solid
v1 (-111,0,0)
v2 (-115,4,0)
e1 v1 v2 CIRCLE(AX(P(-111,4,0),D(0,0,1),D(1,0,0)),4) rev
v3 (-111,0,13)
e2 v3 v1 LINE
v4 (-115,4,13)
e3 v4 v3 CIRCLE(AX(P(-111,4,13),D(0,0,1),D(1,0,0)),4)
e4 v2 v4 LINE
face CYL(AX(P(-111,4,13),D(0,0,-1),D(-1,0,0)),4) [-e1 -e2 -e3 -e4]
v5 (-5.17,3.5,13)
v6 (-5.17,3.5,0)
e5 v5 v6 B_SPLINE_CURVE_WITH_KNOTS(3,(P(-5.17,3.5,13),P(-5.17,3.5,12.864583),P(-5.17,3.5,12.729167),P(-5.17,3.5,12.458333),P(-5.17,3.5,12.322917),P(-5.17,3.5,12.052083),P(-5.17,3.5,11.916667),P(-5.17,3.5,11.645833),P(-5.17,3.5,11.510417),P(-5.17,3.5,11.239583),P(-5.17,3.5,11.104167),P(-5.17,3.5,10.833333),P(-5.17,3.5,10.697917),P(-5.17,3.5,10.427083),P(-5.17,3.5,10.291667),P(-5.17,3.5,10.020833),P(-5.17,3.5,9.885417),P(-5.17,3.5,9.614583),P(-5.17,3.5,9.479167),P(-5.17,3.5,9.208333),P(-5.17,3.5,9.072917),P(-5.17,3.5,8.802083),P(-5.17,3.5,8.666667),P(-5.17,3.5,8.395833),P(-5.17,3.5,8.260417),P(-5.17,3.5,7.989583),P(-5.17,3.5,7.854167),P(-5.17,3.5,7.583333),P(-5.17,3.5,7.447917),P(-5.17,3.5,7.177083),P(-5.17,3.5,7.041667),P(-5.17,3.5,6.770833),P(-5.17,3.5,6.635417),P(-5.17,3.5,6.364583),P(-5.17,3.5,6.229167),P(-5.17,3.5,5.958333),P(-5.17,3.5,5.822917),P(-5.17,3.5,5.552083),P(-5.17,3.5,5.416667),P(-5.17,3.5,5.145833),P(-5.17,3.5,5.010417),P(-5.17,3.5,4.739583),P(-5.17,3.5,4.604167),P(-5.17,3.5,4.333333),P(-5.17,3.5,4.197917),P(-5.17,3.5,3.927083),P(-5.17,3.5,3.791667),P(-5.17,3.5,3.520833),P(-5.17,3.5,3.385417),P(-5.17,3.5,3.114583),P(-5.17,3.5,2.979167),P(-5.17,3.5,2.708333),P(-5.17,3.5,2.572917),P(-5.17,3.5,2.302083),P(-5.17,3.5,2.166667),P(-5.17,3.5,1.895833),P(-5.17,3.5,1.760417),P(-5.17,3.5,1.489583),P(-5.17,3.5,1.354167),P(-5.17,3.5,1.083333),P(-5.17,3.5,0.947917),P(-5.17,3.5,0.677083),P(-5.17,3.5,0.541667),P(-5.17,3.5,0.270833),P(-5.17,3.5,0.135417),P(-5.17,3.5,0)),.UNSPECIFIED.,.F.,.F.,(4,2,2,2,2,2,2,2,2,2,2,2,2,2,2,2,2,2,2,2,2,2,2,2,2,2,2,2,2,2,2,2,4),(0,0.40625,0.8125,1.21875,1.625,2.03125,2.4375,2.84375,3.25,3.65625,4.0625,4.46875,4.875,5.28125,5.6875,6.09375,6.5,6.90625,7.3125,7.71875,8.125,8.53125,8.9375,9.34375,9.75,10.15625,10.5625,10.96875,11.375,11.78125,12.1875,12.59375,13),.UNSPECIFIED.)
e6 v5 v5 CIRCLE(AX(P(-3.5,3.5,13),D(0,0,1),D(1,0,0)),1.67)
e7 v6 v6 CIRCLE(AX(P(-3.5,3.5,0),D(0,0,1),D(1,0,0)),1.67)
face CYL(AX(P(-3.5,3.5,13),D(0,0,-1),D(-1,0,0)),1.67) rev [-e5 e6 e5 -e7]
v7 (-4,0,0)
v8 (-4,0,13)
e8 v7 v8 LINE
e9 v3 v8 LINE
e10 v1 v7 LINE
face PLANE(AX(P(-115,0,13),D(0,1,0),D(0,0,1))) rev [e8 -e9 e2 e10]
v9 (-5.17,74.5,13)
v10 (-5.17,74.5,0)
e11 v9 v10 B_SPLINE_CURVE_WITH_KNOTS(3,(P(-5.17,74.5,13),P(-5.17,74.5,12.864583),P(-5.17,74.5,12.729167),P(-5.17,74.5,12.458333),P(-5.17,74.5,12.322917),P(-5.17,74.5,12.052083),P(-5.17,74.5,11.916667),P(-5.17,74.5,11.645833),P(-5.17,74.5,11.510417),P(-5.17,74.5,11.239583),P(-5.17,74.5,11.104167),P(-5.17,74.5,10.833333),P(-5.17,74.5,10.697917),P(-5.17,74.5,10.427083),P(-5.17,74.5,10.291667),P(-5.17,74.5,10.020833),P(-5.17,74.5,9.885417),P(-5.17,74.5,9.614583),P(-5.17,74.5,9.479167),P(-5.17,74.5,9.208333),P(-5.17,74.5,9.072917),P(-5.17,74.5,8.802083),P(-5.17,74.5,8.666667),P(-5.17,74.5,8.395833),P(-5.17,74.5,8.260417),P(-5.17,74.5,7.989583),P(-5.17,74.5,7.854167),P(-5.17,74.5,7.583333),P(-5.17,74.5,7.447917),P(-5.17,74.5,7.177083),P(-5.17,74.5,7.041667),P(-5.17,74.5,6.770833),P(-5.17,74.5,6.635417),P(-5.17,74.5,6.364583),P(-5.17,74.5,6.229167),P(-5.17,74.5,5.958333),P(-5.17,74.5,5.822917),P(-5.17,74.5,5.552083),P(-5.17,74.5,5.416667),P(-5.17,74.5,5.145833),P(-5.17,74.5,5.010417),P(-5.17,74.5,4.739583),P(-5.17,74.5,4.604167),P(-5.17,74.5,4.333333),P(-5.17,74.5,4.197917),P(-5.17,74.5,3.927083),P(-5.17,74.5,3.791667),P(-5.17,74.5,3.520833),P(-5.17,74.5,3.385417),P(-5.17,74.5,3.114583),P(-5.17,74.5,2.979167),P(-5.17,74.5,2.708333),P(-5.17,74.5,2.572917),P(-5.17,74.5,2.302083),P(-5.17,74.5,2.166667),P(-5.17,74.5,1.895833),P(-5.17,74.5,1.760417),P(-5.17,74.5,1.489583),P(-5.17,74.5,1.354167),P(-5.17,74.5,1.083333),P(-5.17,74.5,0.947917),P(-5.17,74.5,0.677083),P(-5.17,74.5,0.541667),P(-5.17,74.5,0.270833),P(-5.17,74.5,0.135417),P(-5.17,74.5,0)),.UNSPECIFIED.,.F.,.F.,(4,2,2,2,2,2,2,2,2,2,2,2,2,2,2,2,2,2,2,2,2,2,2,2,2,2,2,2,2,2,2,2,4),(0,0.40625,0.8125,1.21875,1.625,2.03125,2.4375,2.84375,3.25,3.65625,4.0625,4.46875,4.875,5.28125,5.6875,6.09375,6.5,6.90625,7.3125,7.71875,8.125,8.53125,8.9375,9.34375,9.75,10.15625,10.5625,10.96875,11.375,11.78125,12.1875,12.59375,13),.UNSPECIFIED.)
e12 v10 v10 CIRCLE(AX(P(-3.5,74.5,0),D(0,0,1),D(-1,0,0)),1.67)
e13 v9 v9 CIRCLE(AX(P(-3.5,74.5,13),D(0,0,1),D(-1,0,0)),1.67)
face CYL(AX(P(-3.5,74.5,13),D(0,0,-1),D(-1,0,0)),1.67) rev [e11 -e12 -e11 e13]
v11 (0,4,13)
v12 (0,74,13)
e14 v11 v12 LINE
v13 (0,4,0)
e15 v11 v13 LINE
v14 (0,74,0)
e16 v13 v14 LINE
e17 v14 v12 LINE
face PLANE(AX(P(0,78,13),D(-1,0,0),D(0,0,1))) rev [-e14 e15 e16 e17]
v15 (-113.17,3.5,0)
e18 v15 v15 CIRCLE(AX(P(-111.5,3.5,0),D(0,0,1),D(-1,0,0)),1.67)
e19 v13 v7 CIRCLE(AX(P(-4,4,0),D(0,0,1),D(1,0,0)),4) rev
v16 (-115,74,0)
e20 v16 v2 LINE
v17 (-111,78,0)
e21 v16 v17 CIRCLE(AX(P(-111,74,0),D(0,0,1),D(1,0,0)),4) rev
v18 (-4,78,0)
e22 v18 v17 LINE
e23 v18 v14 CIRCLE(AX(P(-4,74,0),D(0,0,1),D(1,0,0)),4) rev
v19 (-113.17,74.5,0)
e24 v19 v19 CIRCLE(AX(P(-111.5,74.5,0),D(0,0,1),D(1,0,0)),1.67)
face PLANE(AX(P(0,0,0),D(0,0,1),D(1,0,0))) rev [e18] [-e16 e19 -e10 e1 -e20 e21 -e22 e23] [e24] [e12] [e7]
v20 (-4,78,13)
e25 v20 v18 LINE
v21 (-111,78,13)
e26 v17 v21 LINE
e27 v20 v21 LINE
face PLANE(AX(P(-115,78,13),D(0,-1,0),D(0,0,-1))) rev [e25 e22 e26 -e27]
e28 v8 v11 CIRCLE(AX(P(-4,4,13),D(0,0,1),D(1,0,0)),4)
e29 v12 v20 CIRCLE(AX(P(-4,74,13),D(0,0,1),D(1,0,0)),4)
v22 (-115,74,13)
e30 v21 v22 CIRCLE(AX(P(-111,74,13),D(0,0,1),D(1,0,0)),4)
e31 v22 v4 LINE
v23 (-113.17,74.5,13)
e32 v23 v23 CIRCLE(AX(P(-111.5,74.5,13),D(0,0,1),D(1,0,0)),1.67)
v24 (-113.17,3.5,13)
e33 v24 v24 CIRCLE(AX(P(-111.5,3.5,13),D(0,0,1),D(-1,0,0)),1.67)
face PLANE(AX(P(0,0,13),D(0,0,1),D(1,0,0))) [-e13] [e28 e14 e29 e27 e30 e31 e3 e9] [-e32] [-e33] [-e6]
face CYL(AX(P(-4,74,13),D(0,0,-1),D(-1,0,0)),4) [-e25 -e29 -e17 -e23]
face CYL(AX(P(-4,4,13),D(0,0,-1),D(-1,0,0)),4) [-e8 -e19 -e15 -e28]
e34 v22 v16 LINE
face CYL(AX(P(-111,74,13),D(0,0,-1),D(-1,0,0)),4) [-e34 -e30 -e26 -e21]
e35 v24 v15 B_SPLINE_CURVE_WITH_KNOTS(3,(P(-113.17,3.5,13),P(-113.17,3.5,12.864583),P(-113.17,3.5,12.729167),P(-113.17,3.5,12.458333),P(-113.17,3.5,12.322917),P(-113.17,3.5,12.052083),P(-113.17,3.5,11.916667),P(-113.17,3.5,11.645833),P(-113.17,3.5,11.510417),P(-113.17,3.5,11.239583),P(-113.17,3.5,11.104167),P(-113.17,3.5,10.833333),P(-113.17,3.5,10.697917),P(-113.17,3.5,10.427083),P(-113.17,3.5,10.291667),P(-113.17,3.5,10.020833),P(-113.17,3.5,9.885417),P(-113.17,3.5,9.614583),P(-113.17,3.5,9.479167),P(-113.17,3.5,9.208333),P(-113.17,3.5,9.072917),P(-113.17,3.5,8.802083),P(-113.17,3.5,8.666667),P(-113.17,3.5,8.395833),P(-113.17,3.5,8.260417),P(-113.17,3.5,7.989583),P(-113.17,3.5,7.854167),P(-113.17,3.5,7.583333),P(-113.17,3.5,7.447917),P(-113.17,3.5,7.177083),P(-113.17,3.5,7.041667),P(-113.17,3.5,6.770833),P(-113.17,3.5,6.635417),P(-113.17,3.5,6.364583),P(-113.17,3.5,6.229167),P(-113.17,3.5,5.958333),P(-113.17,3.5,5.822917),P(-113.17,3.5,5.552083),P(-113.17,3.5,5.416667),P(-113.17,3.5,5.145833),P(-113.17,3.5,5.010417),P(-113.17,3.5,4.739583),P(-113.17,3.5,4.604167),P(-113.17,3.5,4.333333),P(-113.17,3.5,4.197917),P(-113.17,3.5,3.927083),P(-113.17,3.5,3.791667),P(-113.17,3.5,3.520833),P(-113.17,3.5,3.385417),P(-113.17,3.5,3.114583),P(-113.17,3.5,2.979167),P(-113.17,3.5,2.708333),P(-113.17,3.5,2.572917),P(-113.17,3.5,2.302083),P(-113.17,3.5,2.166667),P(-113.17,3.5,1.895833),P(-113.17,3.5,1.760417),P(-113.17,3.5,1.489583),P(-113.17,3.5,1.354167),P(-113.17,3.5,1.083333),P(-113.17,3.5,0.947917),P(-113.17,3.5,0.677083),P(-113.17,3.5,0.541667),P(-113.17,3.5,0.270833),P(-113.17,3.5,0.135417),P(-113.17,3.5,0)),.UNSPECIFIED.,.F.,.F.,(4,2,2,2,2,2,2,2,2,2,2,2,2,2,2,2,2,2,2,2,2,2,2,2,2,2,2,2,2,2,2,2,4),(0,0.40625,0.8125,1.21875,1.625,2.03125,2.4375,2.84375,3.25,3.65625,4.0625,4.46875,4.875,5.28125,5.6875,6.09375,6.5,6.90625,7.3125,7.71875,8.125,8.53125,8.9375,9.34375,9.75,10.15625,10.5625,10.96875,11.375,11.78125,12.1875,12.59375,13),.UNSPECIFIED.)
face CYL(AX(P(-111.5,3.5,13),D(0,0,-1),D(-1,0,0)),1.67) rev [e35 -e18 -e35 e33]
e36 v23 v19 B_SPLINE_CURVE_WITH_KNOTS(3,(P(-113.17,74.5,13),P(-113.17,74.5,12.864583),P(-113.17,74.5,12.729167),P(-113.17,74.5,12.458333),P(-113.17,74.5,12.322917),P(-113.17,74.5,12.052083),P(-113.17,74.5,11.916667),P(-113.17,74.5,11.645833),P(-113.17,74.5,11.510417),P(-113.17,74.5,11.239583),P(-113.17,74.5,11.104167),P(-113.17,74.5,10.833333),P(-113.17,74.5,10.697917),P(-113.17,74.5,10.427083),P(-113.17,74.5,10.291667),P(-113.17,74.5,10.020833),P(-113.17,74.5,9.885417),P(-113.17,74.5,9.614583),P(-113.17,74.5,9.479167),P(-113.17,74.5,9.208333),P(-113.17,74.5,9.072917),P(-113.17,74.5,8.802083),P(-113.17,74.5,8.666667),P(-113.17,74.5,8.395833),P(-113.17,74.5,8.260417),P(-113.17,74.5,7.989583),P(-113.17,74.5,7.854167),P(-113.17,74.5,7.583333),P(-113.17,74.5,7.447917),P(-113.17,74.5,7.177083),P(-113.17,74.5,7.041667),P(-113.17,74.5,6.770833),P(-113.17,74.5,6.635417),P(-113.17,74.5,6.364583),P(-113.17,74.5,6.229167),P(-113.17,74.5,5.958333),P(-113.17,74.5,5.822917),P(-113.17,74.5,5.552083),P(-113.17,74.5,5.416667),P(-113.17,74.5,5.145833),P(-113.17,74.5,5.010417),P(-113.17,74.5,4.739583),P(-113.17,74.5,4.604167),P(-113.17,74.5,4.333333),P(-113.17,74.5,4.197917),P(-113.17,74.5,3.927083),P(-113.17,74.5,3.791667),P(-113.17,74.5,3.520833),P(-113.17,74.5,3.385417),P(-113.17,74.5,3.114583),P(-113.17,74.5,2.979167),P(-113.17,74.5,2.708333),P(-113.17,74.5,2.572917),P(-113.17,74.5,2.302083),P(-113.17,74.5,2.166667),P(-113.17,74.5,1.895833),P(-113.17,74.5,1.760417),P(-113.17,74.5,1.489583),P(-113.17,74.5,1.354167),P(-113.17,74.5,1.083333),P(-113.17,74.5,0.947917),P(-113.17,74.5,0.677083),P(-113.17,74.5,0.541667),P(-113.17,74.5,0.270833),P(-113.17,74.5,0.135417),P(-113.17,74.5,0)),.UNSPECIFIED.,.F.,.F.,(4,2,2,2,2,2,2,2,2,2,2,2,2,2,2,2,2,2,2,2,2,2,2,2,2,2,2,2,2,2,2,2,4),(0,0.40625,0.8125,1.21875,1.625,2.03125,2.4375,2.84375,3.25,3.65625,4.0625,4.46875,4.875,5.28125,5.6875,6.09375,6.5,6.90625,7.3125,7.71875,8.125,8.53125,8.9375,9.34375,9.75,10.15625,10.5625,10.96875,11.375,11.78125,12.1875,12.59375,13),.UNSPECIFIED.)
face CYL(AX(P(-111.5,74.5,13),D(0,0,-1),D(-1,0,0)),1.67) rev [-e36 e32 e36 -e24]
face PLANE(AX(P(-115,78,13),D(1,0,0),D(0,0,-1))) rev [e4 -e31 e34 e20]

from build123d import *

# Parameters (mm, degrees)
SKETCH1_W           = 115
SKETCH1_H           = 78
SKETCH1_R           = 1.67
BOSS_EXTRUDE1_DEPTH = 13
FILLET1_R           = 4


with BuildPart() as part:
    # Sketch1 → Boss-Extrude1 (new body)
    with BuildSketch(Plane.XY):
        with Locations((-57.5, 39)):
            Rectangle(SKETCH1_W, SKETCH1_H)
        with Locations(Location((-111.5, 74.5, 0), (0, 0, 180))):
            Circle(SKETCH1_R, mode=Mode.SUBTRACT)
        with Locations(Location((-3.5, 74.5, 0), (0, 0, 180))):
            Circle(SKETCH1_R, mode=Mode.SUBTRACT)
        with Locations(Location((-3.5, 3.5, 0), (0, 0, 180))):
            Circle(SKETCH1_R, mode=Mode.SUBTRACT)
        with Locations(Location((-111.5, 3.5, 0), (0, 0, 180))):
            Circle(SKETCH1_R, mode=Mode.SUBTRACT)
    extrude(amount=BOSS_EXTRUDE1_DEPTH)

    # Fillet1
    fillet1_edges = [part.edges().sort_by_distance(p)[0] for p in [
        (-115, 78, 6.5),
        (0, 78, 6.5),
        (0, 0, 6.5),
        (-115, 0, 6.5),
    ]]
    fillet(fillet1_edges, radius=FILLET1_R)


solid = part.part
